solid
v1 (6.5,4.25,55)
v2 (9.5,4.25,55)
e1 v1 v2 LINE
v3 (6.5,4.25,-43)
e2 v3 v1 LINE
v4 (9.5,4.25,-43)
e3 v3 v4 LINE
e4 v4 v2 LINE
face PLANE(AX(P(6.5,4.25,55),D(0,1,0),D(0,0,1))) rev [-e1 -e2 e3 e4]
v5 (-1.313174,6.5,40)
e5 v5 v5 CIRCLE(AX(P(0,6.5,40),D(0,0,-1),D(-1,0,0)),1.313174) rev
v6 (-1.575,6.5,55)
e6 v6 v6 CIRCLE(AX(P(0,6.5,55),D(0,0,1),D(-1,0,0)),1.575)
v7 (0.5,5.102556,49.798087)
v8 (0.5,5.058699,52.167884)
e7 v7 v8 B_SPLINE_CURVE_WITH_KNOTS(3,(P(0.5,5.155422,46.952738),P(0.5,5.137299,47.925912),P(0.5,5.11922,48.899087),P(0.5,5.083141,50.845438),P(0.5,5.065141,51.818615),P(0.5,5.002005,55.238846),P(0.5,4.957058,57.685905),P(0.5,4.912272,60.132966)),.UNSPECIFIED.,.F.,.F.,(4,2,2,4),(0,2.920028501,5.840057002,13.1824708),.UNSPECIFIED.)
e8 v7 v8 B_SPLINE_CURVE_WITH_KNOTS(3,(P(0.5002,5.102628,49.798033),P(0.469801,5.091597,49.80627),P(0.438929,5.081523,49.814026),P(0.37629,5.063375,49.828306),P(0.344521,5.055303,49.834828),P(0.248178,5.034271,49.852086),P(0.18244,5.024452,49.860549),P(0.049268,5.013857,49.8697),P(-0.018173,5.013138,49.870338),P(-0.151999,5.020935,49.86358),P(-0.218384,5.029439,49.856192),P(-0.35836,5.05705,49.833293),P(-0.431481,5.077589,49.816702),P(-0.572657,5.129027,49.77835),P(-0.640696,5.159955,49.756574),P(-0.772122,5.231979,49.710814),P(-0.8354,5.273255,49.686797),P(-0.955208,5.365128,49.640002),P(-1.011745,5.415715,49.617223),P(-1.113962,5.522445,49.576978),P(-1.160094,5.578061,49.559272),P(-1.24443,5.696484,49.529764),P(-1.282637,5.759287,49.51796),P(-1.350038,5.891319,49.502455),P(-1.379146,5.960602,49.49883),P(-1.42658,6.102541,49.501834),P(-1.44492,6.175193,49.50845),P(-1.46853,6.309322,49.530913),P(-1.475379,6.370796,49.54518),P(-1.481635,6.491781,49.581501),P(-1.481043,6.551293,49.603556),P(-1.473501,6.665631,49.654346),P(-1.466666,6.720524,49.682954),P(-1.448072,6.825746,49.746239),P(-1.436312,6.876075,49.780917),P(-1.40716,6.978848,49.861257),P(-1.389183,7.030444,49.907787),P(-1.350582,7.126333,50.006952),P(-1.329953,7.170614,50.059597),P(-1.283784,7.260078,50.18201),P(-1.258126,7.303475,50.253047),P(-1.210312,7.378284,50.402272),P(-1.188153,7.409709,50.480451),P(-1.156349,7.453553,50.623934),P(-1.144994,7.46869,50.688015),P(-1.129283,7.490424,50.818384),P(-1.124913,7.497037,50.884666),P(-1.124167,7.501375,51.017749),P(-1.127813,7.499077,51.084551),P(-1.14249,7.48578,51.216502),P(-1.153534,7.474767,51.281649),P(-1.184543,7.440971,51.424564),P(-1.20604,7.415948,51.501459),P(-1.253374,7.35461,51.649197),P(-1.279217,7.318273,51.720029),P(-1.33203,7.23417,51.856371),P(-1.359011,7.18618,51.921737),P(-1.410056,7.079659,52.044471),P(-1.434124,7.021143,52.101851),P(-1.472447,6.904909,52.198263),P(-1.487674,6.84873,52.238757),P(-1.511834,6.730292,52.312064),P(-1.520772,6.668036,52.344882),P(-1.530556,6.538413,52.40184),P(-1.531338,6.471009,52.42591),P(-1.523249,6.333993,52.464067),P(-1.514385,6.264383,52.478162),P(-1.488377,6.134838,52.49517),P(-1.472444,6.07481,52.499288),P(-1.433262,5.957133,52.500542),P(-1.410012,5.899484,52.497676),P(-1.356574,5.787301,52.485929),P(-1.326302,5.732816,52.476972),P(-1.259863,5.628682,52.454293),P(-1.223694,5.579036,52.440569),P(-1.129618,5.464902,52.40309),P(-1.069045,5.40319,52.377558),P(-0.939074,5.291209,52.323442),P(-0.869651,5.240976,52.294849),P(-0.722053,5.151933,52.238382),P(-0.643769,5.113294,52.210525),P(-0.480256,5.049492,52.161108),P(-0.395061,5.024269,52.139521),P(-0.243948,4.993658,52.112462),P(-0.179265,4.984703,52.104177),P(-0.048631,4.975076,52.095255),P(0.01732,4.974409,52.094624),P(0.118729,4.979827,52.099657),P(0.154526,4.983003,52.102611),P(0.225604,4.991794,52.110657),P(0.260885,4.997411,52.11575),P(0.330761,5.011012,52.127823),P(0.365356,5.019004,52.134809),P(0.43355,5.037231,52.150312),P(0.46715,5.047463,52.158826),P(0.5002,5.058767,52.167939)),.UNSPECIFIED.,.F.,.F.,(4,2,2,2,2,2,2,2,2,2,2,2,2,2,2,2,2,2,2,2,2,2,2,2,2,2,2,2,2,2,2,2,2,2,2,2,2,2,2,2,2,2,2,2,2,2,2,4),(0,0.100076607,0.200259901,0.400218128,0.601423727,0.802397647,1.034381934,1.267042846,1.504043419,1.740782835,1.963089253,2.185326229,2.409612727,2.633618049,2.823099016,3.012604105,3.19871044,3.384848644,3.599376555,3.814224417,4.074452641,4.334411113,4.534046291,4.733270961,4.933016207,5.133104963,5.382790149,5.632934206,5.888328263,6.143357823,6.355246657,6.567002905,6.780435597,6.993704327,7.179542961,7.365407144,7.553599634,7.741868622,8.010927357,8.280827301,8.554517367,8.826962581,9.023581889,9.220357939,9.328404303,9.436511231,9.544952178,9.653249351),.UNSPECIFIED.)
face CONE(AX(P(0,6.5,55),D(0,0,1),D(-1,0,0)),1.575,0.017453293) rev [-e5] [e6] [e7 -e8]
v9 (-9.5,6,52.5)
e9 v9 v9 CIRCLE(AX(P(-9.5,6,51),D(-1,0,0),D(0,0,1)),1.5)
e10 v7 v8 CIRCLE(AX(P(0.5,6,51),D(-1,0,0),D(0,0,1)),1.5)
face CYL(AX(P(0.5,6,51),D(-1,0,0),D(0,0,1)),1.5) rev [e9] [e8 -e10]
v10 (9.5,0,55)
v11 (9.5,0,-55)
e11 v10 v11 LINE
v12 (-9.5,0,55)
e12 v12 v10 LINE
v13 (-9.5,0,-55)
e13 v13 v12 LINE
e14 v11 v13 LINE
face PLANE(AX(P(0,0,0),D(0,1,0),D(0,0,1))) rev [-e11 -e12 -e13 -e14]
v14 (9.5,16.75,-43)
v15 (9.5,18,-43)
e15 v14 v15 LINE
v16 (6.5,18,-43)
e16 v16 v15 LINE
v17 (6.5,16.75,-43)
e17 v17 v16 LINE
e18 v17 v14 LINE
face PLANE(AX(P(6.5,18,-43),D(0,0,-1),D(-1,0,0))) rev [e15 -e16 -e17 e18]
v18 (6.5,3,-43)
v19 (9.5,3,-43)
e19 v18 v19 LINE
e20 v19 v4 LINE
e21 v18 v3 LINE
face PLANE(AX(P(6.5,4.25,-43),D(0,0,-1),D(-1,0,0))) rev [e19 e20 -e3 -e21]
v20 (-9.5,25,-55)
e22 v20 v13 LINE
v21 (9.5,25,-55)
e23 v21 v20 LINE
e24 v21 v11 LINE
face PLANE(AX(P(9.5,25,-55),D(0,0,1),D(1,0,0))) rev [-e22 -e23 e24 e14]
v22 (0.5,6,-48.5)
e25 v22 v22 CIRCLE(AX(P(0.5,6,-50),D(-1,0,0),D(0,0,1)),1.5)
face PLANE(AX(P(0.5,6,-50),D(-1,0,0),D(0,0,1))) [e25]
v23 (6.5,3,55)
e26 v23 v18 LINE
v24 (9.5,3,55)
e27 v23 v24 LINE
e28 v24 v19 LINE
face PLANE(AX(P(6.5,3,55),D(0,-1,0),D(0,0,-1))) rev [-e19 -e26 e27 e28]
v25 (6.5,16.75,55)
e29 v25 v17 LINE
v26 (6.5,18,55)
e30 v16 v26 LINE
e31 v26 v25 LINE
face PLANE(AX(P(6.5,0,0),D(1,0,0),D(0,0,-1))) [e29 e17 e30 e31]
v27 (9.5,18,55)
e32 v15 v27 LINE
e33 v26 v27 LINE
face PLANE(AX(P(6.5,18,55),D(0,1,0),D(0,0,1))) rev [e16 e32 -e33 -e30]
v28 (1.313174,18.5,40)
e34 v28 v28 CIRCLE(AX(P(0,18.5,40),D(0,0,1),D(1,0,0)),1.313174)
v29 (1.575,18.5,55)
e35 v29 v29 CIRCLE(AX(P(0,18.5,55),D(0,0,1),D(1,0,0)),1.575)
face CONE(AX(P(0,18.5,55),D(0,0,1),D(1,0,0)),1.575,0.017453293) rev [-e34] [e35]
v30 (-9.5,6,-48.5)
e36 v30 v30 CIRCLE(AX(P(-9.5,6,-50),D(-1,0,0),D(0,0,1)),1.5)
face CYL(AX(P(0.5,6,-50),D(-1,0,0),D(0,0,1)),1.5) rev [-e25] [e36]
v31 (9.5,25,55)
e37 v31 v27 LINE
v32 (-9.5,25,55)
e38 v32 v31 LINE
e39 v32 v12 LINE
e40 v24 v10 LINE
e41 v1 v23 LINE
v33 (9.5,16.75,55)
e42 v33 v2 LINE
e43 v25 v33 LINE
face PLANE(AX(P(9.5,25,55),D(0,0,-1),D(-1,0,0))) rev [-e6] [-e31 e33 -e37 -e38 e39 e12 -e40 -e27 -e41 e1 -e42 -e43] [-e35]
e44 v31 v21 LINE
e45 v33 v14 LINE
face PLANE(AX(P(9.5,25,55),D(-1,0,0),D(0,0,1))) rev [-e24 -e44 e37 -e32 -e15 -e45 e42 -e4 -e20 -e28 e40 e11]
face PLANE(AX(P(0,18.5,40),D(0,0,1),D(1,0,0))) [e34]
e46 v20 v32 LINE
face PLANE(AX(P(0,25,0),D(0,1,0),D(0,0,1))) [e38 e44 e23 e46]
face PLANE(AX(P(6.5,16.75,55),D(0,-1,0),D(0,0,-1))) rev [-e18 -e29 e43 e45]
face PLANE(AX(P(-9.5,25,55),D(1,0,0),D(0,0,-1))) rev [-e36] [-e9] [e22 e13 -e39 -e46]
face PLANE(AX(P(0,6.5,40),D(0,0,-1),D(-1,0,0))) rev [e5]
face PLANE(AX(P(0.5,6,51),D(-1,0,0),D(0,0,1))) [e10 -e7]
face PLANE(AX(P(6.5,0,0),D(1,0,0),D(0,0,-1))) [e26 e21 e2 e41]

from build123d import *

# Parameters (mm, degrees)
SKETCH1_W                    = 19
SKETCH1_H                    = 110
BLOCK_DEPTH                  = 25
SKETCH2_W                    = 98
SKETCH2_H                    = 1.25
SLIDES_DEPTH                 = 3
SKETCH3_R                    = 1.5
MOUNTING_HOLES_DEPTH         = 10
SKETCH5_R                    = 1.575
CUT_EXTRUDE1_DEPTH           = 15
CUT_EXTRUDE1_DRAFT           = -1
CUT_EXTRUDE1_PROFILE_2_DEPTH = 15
CUT_EXTRUDE1_PROFILE_2_DRAFT = -1


with BuildPart() as part:
    # Sketch1 → Block (new body)
    with BuildSketch(Plane(origin=(0, 0, 0), x_dir=(1, 0, 0), z_dir=(0, 1, 0))):
        Rectangle(SKETCH1_W, SKETCH1_H)
    extrude(amount=BLOCK_DEPTH)

    # Sketch2 → Slides (cut)
    with BuildSketch(Plane(origin=(9.5, 0, 0), x_dir=(0, 0, -1), z_dir=(1, 0, 0))):
        with Locations((-6, 3.625)):
            Rectangle(SKETCH2_W, SKETCH2_H)
        with Locations((-6, 17.375)):
            Rectangle(SKETCH2_W, SKETCH2_H)
    extrude(amount=-SLIDES_DEPTH, mode=Mode.SUBTRACT)

    # Sketch3 → Mounting Holes (cut)
    with BuildSketch(Plane.ZY.offset(9.5)):
        with Locations((-50, 6)):
            Circle(SKETCH3_R)
        with Locations((51, 6)):
            Circle(SKETCH3_R)
    extrude(amount=-MOUNTING_HOLES_DEPTH, mode=Mode.SUBTRACT)


with BuildPart() as cut_extrude1_tool:
    # Sketch5 → Cut-Extrude1 (with draft: the straight prism first)
    with BuildSketch(Plane.XY.offset(55)):
        with Locations((0, 18.5)):
            Circle(SKETCH5_R)
    extrude(amount=-CUT_EXTRUDE1_DEPTH)
    # Cut-Extrude1: the draft: its side faces are tilted about the plane it starts from
    cut_extrude1_sides = [cut_extrude1_tool.faces().sort_by_distance(p)[0] for p in [
        (-1.575, 18.5, 47.5),
    ]]
    draft(cut_extrude1_sides, Plane.XY.offset(55), CUT_EXTRUDE1_DRAFT)


with BuildPart() as part_1:
    add(part.part)

    # Cut-Extrude1: cut by cut_extrude1_tool
    add(cut_extrude1_tool.part, mode=Mode.SUBTRACT)


with BuildPart() as cut_extrude1_profile_2_tool:
    # Sketch5 → Cut-Extrude1 profile 2 (with draft: the straight prism first)
    with BuildSketch(Plane.XY.offset(55)):
        with Locations((0, 6.5)):
            Circle(SKETCH5_R)
    extrude(amount=-CUT_EXTRUDE1_PROFILE_2_DEPTH)
    # Cut-Extrude1 profile 2: the draft: its side faces are tilted about the plane it starts from
    cut_extrude1_profile_2_sides = [cut_extrude1_profile_2_tool.faces().sort_by_distance(p)[0] for p in [
        (-1.575, 6.5, 47.5),
    ]]
    draft(cut_extrude1_profile_2_sides, Plane.XY.offset(55), CUT_EXTRUDE1_PROFILE_2_DRAFT)


with BuildPart() as part_2:
    add(part_1.part)

    # Cut-Extrude1 profile 2: cut by cut_extrude1_profile_2_tool
    add(cut_extrude1_profile_2_tool.part, mode=Mode.SUBTRACT)


solid = part_2.part
